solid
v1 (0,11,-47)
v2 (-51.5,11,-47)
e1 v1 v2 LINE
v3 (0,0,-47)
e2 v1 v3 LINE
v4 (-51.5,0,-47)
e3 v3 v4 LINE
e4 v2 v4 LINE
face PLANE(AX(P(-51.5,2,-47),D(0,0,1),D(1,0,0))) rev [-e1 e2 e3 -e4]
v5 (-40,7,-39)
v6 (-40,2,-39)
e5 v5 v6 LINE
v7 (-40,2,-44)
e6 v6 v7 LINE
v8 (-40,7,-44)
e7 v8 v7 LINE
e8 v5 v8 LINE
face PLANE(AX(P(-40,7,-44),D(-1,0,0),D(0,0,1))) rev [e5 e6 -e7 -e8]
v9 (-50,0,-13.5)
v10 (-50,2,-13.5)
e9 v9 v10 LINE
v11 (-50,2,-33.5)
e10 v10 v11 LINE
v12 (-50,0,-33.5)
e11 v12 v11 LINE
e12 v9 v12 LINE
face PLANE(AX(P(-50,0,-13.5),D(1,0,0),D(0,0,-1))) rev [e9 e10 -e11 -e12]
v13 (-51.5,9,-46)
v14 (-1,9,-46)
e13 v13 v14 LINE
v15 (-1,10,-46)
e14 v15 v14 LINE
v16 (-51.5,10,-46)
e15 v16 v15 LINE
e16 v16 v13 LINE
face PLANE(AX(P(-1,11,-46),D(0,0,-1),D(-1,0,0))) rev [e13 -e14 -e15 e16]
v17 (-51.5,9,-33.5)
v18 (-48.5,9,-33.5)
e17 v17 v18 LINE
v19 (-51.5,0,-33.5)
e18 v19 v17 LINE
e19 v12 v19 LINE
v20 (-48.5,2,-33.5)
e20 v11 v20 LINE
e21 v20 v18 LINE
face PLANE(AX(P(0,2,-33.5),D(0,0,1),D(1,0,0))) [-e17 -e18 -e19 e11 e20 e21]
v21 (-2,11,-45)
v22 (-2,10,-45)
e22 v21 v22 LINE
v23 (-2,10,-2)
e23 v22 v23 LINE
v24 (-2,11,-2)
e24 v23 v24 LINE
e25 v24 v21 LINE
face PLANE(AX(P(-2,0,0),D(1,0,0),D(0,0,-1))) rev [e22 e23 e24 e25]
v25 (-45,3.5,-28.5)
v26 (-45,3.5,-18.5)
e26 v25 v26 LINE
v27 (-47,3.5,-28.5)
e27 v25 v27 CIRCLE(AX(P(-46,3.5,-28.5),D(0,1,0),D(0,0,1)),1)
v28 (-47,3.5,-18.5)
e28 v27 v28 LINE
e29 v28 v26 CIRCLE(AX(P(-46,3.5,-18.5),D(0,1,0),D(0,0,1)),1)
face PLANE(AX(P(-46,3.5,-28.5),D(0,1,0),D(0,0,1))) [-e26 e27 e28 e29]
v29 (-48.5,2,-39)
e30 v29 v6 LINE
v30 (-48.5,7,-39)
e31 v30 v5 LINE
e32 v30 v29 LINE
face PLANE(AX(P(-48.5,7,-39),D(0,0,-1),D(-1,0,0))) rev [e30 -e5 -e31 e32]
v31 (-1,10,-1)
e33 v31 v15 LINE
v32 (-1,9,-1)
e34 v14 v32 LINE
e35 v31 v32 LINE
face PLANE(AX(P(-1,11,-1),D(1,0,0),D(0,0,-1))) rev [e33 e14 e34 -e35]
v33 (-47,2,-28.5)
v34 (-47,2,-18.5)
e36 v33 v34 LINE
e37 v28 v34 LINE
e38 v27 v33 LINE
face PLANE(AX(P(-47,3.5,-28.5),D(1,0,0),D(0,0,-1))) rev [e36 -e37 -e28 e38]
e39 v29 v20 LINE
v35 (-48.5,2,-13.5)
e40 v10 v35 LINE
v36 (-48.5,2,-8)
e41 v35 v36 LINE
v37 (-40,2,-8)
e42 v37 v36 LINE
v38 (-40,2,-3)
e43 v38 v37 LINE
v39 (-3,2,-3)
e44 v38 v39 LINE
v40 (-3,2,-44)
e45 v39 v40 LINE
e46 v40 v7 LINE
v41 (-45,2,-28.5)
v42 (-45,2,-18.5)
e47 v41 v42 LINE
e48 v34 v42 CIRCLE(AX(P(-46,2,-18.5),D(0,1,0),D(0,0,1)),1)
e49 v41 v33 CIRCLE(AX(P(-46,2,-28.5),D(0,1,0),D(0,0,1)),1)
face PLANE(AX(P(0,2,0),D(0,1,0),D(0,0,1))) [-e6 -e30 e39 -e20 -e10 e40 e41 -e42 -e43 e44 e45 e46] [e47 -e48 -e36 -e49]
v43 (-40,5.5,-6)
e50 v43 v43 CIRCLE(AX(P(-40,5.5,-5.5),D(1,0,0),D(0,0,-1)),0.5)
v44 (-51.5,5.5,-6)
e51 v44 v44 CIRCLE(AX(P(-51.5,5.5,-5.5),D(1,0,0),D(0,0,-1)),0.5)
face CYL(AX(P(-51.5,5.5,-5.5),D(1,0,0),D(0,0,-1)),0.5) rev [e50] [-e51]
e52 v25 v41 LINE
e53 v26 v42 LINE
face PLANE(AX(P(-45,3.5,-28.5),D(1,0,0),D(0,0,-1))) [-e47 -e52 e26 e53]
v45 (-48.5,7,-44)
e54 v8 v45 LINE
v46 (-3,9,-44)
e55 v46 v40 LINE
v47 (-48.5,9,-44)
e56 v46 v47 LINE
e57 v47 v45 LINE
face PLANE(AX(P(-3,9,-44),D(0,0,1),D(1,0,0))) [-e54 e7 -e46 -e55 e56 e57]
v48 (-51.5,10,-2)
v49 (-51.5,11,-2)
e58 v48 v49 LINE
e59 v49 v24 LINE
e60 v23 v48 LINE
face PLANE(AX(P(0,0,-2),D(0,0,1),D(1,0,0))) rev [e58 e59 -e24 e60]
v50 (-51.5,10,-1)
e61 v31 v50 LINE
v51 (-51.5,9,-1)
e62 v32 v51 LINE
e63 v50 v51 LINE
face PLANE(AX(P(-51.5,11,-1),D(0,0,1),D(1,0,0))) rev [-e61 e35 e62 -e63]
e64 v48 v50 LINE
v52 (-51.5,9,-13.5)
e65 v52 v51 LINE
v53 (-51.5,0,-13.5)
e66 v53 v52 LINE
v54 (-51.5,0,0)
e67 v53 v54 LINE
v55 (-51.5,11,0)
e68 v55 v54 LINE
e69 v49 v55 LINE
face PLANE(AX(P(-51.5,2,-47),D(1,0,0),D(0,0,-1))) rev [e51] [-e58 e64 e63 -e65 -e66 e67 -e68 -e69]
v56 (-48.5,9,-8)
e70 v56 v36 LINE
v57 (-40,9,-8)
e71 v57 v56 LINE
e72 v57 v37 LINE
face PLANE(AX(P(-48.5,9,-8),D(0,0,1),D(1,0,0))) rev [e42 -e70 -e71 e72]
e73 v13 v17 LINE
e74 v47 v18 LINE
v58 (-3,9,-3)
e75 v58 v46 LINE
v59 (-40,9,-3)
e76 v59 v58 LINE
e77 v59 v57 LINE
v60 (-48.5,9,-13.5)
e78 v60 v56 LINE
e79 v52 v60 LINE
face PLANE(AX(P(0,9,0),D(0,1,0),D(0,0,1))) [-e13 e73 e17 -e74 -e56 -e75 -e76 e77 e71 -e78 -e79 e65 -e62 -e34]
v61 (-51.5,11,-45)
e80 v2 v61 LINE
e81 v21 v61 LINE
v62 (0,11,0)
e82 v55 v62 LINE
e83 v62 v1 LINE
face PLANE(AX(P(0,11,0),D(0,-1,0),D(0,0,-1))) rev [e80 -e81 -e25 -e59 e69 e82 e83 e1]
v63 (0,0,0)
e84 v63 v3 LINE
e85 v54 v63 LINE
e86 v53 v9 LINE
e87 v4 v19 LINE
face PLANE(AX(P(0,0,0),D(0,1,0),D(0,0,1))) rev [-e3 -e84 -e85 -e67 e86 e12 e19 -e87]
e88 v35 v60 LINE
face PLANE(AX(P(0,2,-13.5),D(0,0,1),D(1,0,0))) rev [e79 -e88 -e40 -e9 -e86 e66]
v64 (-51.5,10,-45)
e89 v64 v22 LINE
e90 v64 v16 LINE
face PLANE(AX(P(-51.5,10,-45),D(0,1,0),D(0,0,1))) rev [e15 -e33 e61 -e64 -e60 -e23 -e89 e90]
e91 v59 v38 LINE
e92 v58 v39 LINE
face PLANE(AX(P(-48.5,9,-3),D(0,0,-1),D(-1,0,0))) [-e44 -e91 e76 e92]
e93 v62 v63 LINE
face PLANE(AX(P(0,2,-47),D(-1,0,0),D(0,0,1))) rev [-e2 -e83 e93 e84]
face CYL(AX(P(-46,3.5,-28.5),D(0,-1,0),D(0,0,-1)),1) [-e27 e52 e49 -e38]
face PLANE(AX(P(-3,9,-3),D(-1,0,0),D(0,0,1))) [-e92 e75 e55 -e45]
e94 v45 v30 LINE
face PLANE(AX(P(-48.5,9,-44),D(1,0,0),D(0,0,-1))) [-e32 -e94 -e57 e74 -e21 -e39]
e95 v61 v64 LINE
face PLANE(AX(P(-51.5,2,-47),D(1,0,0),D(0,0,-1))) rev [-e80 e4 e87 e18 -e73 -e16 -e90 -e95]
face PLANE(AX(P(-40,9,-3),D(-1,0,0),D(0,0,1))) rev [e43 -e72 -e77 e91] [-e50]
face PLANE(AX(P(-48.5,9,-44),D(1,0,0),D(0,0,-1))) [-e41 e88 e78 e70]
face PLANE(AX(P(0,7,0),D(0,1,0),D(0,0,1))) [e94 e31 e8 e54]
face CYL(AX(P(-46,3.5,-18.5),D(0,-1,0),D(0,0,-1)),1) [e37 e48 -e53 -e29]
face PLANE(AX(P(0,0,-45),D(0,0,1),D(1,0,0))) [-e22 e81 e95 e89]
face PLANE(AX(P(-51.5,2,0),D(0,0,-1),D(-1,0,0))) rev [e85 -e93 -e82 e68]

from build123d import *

# Parameters (mm, degrees)
CROQUIS1_W               = 51.5
CROQUIS1_H               = 47
SALIENTE_EXTRUIR1_DEPTH  = 2
SALIENTE_EXTRUIR11_DEPTH = 1.5
CROQUIS3_W               = 51.5
CROQUIS3_H               = 47
CROQUIS3_W_2             = 45.5
CROQUIS3_H_2             = 41
SALIENTE_EXTRUIR10_DEPTH = 7
CROQUIS4_W               = 3
CROQUIS4_H               = 20
CORTAR_EXTRUIR3_DEPTH    = 7
CROQUIS5_W               = 8.5
CROQUIS5_H               = 5
SALIENTE_EXTRUIR12_DEPTH = 7
CROQUIS6_R               = 0.5
CORTAR_EXTRUIR2_DEPTH    = 12.5
CROQUIS8_W               = 8.5
CROQUIS8_H               = 5
SALIENTE_EXTRUIR13_DEPTH = 5
SALIENTE_EXTRUIR14_DEPTH = 2
CROQUIS10_W              = 50.5
CROQUIS10_H              = 1
SALIENTE_EXTRUIR15_DEPTH = 1
CROQUIS11_W              = 50.5
CROQUIS11_H              = 1
SALIENTE_EXTRUIR16_DEPTH = 1
CROQUIS12_W              = 43
CROQUIS12_H              = 1
SALIENTE_EXTRUIR17_DEPTH = 1
CROQUIS13_W              = 1.5
CROQUIS13_H              = 20
CORTAR_EXTRUIR4_DEPTH    = 3


with BuildPart() as part:
    # Croquis1 → Saliente-Extruir1 (new body)
    with BuildSketch(Plane(origin=(0, 0, 0), x_dir=(1, 0, 0), z_dir=(0, 1, 0))):
        with Locations((-25.75, 23.5)):
            Rectangle(CROQUIS1_W, CROQUIS1_H)
    extrude(amount=SALIENTE_EXTRUIR1_DEPTH)

    # Croquis2 → Saliente-Extruir11 (add)
    with BuildSketch(Plane(origin=(0, 2, 0), x_dir=(1, 0, 0), z_dir=(0, 1, 0))):
        with BuildLine():
            Line((-45, 28.5), (-45, 18.5))
            ThreePointArc((-45, 18.5), (-46, 17.5), (-47, 18.5))
            Line((-47, 18.5), (-47, 28.5))
            ThreePointArc((-47, 28.5), (-46, 29.5), (-45, 28.5))
        make_face()
    extrude(amount=SALIENTE_EXTRUIR11_DEPTH)

    # Croquis3 → Saliente-Extruir10 (add)
    with BuildSketch(Plane(origin=(0, 2, 0), x_dir=(1, 0, 0), z_dir=(0, 1, 0))):
        with Locations((-25.75, 23.5)):
            Rectangle(CROQUIS3_W, CROQUIS3_H)
        with Locations((-25.75, 23.5)):
            Rectangle(CROQUIS3_W_2, CROQUIS3_H_2, mode=Mode.SUBTRACT)
    extrude(amount=SALIENTE_EXTRUIR10_DEPTH)

    # Croquis4 → Cortar-Extruir3 (cut)
    with BuildSketch(Plane(origin=(0, 9, 0), x_dir=(1, 0, 0), z_dir=(0, 1, 0))):
        with Locations((-50, 23.5)):
            Rectangle(CROQUIS4_W, CROQUIS4_H)
    extrude(amount=-CORTAR_EXTRUIR3_DEPTH, mode=Mode.SUBTRACT)

    # Croquis5 → Saliente-Extruir12 (add)
    with BuildSketch(Plane(origin=(0, 2, 0), x_dir=(1, 0, 0), z_dir=(0, 1, 0))):
        with Locations((-44.25, 5.5)):
            Rectangle(CROQUIS5_W, CROQUIS5_H)
    extrude(amount=SALIENTE_EXTRUIR12_DEPTH)

    # Croquis6 → Cortar-Extruir2 (cut, through all)
    with BuildSketch(Plane(origin=(-40, 0, 0), x_dir=(0, 0, -1), z_dir=(1, 0, 0))):
        with Locations((5.5, 5.5)):
            Circle(CROQUIS6_R)
    extrude(amount=-CORTAR_EXTRUIR2_DEPTH, mode=Mode.SUBTRACT)

    # Croquis8 → Saliente-Extruir13 (add)
    with BuildSketch(Plane(origin=(0, 2, 0), x_dir=(1, 0, 0), z_dir=(0, 1, 0))):
        with Locations((-44.25, 41.5)):
            Rectangle(CROQUIS8_W, CROQUIS8_H)
    extrude(amount=SALIENTE_EXTRUIR13_DEPTH)

    # Croquis9 → Saliente-Extruir14 (add)
    with BuildSketch(Plane(origin=(0, 9, 0), x_dir=(1, 0, 0), z_dir=(0, 1, 0))):
        Polygon((-51.5, 1), (-1, 1), (-1, 46), (-51.5, 46), (-51.5, 47), (0, 47), (0, 0), (-51.5, 0), align=None)
    extrude(amount=SALIENTE_EXTRUIR14_DEPTH)

    # Croquis10 → Saliente-Extruir15 (add)
    with BuildSketch(Plane.XY.offset(-46)):
        with Locations((-26.25, 10.5)):
            Rectangle(CROQUIS10_W, CROQUIS10_H)
    extrude(amount=SALIENTE_EXTRUIR15_DEPTH)

    # Croquis11 → Saliente-Extruir16 (add)
    with BuildSketch(Plane(origin=(0, 0, -1), x_dir=(-1, 0, 0), z_dir=(0, 0, -1))):
        with Locations((26.25, 10.5)):
            Rectangle(CROQUIS11_W, CROQUIS11_H)
    extrude(amount=SALIENTE_EXTRUIR16_DEPTH)

    # Croquis12 → Saliente-Extruir17 (add)
    with BuildSketch(Plane.ZY.offset(1)):
        with Locations((-23.5, 10.5)):
            Rectangle(CROQUIS12_W, CROQUIS12_H)
    extrude(amount=SALIENTE_EXTRUIR17_DEPTH)

    # Croquis13 → Cortar-Extruir4 (cut, through all)
    with BuildSketch(Plane(origin=(0, 2, 0), x_dir=(1, 0, 0), z_dir=(0, 1, 0))):
        with Locations((-50.75, 23.5)):
            Rectangle(CROQUIS13_W, CROQUIS13_H)
    extrude(amount=-CORTAR_EXTRUIR4_DEPTH, mode=Mode.SUBTRACT)


solid = part.part
